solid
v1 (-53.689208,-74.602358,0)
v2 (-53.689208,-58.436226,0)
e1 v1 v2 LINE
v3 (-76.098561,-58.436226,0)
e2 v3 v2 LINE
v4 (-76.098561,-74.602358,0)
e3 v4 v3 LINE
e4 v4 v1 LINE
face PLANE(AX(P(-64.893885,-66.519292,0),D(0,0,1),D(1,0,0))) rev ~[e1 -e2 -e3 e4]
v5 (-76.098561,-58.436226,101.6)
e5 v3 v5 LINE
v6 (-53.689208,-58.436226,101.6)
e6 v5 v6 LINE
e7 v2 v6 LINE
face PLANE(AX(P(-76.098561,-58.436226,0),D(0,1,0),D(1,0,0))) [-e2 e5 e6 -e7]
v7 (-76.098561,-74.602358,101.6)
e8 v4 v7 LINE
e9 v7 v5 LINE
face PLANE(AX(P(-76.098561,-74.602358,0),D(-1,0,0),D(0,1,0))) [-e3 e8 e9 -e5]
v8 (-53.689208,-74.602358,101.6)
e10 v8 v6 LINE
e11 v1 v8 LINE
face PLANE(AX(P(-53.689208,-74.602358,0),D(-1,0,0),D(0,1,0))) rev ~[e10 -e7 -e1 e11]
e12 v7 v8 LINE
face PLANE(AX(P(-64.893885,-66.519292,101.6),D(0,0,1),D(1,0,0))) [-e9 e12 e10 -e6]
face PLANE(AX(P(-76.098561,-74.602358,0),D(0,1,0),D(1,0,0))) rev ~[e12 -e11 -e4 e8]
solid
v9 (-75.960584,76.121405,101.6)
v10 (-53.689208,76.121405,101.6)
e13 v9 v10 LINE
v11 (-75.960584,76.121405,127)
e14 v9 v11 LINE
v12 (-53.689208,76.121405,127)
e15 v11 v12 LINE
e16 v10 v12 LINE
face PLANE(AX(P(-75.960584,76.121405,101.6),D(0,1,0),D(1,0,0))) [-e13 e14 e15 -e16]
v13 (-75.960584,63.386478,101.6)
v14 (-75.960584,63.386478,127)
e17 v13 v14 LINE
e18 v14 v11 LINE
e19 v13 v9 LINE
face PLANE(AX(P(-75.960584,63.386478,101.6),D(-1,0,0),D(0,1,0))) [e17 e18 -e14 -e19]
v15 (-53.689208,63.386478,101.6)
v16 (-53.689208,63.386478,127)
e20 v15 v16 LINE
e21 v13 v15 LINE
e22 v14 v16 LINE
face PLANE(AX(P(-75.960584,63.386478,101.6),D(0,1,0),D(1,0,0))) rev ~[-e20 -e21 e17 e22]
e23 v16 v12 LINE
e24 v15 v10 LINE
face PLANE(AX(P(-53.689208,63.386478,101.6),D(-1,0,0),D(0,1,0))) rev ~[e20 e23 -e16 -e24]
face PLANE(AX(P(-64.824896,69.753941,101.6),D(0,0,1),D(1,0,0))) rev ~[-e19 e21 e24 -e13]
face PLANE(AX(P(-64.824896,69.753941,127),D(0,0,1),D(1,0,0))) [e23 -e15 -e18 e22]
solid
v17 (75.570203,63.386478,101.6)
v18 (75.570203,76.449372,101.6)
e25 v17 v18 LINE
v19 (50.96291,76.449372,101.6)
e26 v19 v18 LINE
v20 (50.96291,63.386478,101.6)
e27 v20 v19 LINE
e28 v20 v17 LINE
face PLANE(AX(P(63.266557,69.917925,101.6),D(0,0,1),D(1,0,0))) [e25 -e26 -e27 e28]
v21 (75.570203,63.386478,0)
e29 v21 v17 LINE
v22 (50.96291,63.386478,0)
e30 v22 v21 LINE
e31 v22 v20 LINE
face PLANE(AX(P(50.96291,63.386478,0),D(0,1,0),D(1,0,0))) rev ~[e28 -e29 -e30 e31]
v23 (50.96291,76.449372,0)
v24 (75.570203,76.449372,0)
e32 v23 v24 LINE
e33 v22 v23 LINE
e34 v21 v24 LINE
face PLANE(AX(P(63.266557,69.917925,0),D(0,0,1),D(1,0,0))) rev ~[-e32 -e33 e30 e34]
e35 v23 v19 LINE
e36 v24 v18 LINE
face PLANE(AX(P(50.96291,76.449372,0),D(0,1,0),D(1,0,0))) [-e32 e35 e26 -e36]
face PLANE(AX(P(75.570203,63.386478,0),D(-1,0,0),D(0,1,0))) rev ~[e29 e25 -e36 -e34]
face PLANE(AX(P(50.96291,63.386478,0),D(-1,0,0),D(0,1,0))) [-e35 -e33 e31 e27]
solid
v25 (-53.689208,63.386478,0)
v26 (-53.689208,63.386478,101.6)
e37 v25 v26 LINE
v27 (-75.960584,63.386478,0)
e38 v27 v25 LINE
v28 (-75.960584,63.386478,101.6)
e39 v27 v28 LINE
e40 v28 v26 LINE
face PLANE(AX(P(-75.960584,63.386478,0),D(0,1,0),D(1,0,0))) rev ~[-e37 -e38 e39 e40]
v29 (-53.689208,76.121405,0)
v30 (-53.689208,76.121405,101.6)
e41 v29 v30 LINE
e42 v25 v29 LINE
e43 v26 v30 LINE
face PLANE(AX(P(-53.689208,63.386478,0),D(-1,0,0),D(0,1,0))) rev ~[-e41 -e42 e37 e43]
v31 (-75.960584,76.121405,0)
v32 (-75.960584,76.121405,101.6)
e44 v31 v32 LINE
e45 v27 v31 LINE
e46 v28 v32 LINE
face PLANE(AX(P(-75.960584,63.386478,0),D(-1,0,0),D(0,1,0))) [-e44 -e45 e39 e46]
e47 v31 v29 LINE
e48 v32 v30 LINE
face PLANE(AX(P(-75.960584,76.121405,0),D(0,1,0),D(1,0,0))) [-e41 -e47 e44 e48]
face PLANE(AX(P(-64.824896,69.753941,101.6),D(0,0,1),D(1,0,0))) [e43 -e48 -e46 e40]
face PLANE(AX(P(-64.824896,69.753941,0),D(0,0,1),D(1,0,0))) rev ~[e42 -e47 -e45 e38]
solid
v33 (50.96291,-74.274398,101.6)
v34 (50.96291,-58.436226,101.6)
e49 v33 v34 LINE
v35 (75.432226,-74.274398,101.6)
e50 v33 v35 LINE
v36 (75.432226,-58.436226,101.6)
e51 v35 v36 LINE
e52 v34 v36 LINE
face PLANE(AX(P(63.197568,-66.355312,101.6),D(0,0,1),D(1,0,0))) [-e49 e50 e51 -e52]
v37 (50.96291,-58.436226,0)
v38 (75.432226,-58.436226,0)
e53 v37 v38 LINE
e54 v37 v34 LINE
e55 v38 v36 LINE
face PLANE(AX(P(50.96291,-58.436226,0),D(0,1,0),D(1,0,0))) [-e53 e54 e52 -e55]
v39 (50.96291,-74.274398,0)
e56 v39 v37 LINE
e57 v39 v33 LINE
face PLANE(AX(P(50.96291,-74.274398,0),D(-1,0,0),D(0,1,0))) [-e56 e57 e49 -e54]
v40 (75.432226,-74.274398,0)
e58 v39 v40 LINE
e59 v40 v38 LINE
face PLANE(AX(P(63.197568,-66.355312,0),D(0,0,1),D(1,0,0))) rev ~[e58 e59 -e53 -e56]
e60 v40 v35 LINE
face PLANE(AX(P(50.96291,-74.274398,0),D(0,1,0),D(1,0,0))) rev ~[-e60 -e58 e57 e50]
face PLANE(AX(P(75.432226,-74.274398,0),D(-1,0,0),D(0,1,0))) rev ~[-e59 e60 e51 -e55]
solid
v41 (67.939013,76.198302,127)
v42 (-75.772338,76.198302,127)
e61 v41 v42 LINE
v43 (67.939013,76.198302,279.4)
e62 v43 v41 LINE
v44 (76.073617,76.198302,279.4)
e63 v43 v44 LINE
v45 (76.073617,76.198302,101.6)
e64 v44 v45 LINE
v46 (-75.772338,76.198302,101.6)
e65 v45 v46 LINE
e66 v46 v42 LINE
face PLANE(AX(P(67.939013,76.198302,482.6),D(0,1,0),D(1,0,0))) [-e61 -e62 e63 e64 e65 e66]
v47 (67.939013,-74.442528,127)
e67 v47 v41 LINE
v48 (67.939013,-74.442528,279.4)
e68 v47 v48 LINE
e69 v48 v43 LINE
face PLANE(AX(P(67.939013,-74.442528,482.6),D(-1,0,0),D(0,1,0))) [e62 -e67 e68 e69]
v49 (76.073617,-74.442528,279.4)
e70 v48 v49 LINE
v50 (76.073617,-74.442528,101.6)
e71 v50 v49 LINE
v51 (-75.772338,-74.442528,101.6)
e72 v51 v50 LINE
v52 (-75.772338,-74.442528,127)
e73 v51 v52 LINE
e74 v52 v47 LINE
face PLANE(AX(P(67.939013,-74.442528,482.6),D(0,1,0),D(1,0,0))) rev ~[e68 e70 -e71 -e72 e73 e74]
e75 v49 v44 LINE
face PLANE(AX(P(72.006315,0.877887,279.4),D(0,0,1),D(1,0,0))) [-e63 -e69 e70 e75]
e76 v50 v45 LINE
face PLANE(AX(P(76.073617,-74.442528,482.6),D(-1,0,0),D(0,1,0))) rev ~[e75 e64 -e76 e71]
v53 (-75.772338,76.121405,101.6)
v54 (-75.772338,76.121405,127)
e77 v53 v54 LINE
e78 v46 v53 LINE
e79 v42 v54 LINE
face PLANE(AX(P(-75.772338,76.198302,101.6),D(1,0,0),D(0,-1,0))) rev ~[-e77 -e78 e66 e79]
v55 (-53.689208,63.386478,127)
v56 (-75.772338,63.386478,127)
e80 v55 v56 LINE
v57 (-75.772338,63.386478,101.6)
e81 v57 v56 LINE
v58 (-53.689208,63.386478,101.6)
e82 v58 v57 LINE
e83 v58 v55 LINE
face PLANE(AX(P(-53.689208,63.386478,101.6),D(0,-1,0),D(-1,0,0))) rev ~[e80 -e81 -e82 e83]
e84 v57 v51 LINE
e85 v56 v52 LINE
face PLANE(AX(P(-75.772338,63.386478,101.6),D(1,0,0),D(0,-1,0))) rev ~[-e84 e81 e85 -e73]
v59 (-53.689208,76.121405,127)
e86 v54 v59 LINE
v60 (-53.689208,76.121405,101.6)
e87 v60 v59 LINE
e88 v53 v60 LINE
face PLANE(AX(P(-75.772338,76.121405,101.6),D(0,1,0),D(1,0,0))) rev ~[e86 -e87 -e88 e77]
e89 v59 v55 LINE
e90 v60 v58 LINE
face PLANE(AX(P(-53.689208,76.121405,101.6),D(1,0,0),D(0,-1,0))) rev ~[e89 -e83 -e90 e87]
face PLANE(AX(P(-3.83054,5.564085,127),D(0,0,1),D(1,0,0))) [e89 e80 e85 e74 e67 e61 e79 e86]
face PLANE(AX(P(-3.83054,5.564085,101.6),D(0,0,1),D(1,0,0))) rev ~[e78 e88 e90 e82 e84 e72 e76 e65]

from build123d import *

# Parameters (mm, degrees)
F0_W      = 22.2713761032
F0_H      = 12.734927237
F1_DEPTH  = 101.6
F0_W_2    = 24.6072933078
F0_H_2    = 13.0628943443
F0_W_3    = 24.4693160057
F0_H_3    = 15.8381722867
F0_W_4    = 22.4093534052
F0_H_4    = 16.1661319435
F3_DEPTH  = 25.4
F4_W      = 22.2713761032
F4_H      = 12.734927237
F5_DEPTH  = 25.4
F6_W      = 8.1346035004
F6_H      = 150.6408303976
F7_DEPTH  = 76.2
F8_DEPTH  = 152.4
F9_DEPTH  = 127
F10_DEPTH = 25.4
F11_DEPTH = 76.2
F12_DEPTH = 76.2
F13_DEPTH = 76.2


with BuildPart() as f1:
    # F0 (on Top) → F1 (new body)
    with BuildSketch(Plane.XY):
        with Locations((-64.8248959333, 69.7539411485)):
            Rectangle(F0_W, F0_H)
    extrude(amount=F1_DEPTH)


with BuildPart() as f1b:
    # F0 (on Top) → F1, piece 2 (new body)
    with BuildSketch(Plane.XY):
        with Locations((63.26655671, 69.9179247022)):
            Rectangle(F0_W_2, F0_H_2)
    extrude(amount=F1_DEPTH)


with BuildPart() as f1c:
    # F0 (on Top) → F1, piece 3 (new body)
    with BuildSketch(Plane.XY):
        with Locations((63.197568059, -66.3553122431)):
            Rectangle(F0_W_3, F0_H_3)
    extrude(amount=F1_DEPTH)


with BuildPart() as f1d:
    # F0 (on Top) → F1, piece 4 (new body)
    with BuildSketch(Plane.XY):
        with Locations((-64.8938845843, -66.5192920715)):
            Rectangle(F0_W_4, F0_H_4)
    extrude(amount=F1_DEPTH)


with BuildPart() as f3:
    # F2 (on face) → F3 (new body)
    with BuildSketch(Plane.XY.offset(101.6)):
        Polygon((-75.7723376155, 63.38647753), (-75.7723376155, -74.4425281882), (76.0736167431, -74.4425281882), (76.0736167431, 76.1983022094), (-75.7723376155, 76.1983022094), (-75.7723376155, 76.121404767), (-53.6892078817, 76.121404767), (-53.6892078817, 63.38647753), align=None)
    extrude(amount=F3_DEPTH)

    # F6 (on face) → F7 (join)
    with BuildSketch(Plane.XY.offset(127)):
        with Locations((72.0063149929, 0.8778870106)):
            Rectangle(F6_W, F6_H)
    extrude(amount=F7_DEPTH)

    # F8 (add): a face of the model
    f8_faces = [f3.faces().sort_by_distance(p)[0] for p in [
        (72.0063149929, 0.8778870106, 203.2),
    ]]
    extrude(f8_faces, amount=F8_DEPTH)

    # F9 (add): a face of the model
    f9_faces = [f3.faces().sort_by_distance(p)[0] for p in [
        (72.0063149929, 0.8778870106, 355.6),
    ]]
    extrude(f9_faces, amount=F9_DEPTH)

    # F10 (add): a face of the model
    f10_faces = [f3.faces().sort_by_distance(p)[0] for p in [
        (72.0063149929, 0.8778870106, 482.6),
    ]]
    extrude(f10_faces, amount=F10_DEPTH)

    # F11 (cut): a face of the model
    f11_faces = [f3.faces().sort_by_distance(p)[0] for p in [
        (72.0063149929, 0.8778870106, 508),
    ]]
    extrude(f11_faces, amount=-F11_DEPTH, mode=Mode.SUBTRACT)

    # F12 (cut): a face of the model
    f12_faces = [f3.faces().sort_by_distance(p)[0] for p in [
        (72.0063149929, 0.8778870106, 431.8),
    ]]
    extrude(f12_faces, amount=-F12_DEPTH, mode=Mode.SUBTRACT)

    # F13 (cut): a face of the model
    f13_faces = [f3.faces().sort_by_distance(p)[0] for p in [
        (72.0063149929, 0.8778870106, 355.6),
    ]]
    extrude(f13_faces, amount=-F13_DEPTH, mode=Mode.SUBTRACT)


with BuildPart() as f5:
    # F4 (on face) → F5 (new body)
    with BuildSketch(Plane.XY.offset(101.6)):
        with Locations((-64.8248959333, 69.7539411485)):
            Rectangle(F4_W, F4_H)
    extrude(amount=F5_DEPTH)


solid = Compound([f1.part, f1b.part, f1c.part, f1d.part, f3.part, f5.part])
